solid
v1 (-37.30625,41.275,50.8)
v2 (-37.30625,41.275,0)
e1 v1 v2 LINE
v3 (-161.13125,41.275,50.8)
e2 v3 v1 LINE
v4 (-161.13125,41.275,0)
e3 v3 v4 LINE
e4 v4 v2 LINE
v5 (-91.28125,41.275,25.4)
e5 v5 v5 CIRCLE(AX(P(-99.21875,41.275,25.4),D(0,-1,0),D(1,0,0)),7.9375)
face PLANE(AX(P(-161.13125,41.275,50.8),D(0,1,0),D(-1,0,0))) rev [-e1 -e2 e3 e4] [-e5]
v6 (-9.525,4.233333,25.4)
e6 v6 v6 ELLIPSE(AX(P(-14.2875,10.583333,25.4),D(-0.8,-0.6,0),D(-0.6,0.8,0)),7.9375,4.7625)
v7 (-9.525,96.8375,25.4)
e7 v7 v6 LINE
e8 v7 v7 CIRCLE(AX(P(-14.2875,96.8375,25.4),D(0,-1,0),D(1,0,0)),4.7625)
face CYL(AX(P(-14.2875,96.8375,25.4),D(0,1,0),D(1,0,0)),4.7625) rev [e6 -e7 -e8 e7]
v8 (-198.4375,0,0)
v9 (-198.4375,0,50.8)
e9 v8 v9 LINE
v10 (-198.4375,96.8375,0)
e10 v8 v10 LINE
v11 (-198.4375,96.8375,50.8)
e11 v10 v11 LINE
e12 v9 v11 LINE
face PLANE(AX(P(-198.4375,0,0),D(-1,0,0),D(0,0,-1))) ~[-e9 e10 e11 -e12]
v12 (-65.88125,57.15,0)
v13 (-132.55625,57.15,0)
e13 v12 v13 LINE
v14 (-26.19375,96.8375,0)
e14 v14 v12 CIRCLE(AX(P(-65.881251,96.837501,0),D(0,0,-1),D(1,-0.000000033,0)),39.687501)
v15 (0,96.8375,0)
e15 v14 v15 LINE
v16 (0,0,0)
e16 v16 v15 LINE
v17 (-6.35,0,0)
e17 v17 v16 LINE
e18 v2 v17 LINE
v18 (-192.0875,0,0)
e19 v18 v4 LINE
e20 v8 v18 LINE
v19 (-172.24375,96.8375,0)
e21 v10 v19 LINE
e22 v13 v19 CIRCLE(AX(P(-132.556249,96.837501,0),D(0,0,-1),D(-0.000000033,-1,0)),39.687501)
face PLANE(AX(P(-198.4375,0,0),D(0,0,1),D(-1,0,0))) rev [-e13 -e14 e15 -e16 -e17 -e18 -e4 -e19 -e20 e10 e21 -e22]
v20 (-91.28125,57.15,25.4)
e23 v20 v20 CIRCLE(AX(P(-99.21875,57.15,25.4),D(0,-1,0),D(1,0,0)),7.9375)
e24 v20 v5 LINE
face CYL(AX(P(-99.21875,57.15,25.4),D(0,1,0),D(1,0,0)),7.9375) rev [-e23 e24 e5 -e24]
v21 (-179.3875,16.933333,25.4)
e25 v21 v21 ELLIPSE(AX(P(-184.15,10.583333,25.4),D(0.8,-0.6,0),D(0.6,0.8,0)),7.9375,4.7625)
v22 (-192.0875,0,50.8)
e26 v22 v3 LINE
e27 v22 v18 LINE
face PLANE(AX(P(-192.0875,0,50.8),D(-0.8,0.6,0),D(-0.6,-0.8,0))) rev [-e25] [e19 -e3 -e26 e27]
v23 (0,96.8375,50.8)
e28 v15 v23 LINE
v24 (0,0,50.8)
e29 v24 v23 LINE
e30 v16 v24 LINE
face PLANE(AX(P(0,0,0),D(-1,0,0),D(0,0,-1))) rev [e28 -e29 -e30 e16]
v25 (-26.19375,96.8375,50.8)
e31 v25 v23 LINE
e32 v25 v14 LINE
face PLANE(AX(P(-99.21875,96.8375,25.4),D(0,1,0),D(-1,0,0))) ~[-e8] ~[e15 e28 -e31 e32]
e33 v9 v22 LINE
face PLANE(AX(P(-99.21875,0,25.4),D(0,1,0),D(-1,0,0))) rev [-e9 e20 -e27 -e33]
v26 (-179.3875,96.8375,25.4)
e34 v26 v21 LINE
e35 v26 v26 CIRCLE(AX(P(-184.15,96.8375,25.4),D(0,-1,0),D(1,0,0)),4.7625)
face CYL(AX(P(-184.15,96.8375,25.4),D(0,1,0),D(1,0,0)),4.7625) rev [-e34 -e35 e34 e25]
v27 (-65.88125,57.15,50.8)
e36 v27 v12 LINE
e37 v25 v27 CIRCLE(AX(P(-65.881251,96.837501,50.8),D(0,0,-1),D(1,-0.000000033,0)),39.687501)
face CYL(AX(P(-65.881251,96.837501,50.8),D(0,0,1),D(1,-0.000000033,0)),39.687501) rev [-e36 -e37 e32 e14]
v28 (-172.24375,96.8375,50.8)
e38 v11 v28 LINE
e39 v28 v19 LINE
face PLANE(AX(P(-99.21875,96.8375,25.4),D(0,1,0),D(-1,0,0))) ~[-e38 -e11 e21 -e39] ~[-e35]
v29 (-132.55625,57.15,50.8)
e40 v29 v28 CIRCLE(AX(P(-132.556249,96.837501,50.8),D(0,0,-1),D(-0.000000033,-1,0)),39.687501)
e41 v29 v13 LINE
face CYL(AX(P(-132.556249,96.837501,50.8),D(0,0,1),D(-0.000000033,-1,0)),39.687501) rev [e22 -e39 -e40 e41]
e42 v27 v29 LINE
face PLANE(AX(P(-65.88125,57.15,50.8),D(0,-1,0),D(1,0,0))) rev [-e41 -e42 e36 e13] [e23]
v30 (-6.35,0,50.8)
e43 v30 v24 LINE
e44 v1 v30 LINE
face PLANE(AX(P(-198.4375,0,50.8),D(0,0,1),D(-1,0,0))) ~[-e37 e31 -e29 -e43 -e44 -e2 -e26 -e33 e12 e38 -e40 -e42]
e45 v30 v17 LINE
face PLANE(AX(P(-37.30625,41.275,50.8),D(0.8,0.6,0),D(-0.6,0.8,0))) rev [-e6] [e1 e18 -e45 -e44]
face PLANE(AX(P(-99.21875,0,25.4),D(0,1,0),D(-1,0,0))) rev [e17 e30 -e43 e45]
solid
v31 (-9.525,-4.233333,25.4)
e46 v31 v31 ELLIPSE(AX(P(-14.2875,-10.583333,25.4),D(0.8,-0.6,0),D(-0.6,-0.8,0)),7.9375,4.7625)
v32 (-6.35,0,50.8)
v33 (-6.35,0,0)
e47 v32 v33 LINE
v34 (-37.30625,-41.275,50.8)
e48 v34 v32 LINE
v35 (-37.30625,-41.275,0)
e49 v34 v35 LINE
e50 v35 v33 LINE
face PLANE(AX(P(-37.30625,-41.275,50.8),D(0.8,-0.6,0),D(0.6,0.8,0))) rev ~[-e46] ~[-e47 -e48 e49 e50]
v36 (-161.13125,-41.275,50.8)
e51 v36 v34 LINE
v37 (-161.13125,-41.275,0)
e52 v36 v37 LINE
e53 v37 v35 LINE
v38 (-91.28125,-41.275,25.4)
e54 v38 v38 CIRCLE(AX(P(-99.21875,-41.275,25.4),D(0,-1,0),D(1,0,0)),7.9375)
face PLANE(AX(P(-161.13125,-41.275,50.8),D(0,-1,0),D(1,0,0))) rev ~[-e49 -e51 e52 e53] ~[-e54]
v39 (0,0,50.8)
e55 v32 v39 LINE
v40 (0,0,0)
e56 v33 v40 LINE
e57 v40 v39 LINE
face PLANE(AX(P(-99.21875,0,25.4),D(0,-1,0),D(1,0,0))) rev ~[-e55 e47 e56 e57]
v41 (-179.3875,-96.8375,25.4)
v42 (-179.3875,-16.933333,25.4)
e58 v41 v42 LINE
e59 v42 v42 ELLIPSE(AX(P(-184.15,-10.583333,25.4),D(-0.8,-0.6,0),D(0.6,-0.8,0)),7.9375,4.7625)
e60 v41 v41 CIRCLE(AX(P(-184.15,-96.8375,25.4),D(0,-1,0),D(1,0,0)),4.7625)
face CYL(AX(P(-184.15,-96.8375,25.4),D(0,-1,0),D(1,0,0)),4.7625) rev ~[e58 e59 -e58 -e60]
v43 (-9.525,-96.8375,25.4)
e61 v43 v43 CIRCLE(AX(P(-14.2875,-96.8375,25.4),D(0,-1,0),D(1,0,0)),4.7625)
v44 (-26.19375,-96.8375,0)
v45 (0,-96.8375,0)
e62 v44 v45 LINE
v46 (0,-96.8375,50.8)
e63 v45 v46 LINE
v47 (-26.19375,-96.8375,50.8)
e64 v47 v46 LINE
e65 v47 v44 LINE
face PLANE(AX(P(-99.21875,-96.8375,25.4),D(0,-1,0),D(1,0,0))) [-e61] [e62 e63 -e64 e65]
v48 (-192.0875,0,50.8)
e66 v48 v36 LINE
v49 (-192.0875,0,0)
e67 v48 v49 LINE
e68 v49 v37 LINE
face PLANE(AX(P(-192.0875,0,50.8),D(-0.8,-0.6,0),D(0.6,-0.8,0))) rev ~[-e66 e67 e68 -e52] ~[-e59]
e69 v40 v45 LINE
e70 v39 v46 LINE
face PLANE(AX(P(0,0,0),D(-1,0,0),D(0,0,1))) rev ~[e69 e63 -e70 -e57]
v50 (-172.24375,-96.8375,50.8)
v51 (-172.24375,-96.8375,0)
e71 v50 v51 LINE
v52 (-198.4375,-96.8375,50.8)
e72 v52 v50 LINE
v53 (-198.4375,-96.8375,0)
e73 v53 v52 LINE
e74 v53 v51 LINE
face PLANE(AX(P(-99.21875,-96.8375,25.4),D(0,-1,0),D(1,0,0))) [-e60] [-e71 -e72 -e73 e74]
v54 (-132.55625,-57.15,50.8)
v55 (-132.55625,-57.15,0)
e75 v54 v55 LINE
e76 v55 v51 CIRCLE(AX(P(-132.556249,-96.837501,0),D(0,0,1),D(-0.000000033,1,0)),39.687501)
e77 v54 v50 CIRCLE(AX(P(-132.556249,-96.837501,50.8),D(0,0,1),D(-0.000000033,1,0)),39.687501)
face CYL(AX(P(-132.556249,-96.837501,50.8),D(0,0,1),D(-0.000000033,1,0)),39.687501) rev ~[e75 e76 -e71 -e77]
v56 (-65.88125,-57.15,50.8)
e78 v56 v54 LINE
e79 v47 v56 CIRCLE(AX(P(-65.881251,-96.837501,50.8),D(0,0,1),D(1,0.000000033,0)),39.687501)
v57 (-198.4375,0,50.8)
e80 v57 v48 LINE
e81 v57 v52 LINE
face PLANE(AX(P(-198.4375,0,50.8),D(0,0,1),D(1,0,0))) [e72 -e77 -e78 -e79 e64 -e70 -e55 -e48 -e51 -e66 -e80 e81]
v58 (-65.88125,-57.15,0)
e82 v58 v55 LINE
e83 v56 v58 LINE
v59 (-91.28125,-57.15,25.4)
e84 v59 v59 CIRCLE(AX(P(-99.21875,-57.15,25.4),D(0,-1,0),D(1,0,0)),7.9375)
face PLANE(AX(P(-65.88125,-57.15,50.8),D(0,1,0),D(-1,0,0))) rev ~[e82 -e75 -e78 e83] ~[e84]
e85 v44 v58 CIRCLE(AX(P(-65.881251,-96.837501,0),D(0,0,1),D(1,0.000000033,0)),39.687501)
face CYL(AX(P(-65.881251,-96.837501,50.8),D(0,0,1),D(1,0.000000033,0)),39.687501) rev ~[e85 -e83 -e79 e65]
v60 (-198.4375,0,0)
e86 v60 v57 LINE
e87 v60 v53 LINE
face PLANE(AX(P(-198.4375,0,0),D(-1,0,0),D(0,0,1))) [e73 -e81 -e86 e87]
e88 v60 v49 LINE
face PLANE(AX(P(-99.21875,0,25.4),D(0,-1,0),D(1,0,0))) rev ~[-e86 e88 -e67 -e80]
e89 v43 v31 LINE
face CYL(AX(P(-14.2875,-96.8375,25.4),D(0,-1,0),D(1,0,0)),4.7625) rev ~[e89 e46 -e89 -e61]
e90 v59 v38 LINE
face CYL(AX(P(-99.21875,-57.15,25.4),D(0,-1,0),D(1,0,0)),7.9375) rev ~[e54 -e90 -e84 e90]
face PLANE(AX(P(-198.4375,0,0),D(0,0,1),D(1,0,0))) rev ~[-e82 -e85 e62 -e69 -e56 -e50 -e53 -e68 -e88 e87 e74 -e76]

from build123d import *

# Parameters (mm, degrees)
F0_W      = 198.4375
F0_H      = 50.8
F1_DEPTH  = 96.8375
F3_DEPTH  = 50.801
F4_DEPTH  = 50.801
F5_R      = 7.9375
F6_DEPTH  = 57.151
F8_DEPTH  = 96.8385
F9_R      = 4.7625
F10_DEPTH = 96.8385


with BuildPart() as f1:
    # F0 (on Front) → F1 (new body)
    with BuildSketch(Plane.XZ):
        with Locations((-99.21875, 25.4)):
            Rectangle(F0_W, F0_H)
    extrude(amount=F1_DEPTH)

    # F2 (on face) → F3 (cut, through all)
    with BuildSketch(Plane.XY.offset(50.8)):
        with BuildLine():
            Line((-132.55625, -96.8375), (-99.21875, -96.8375))
            Line((-99.21875, -96.8375), (-65.88125, -96.8375))
            Line((-65.88125, -96.8375), (-26.19375, -96.8375))
            ThreePointArc((-26.19375, -96.8375), (-37.81795, -68.7742), (-65.88125, -57.15))
            Line((-65.88125, -57.15), (-132.55625, -57.15))
            ThreePointArc((-132.55625, -57.15), (-160.61955, -68.7742), (-172.24375, -96.8375))
            Line((-172.24375, -96.8375), (-132.55625, -96.8375))
        make_face()
    extrude(amount=-F3_DEPTH, mode=Mode.SUBTRACT)

    # F2 (on face) → F4 (cut, through all)
    with BuildSketch(Plane.XY.offset(50.8)):
        Polygon((-6.35, 0), (-192.0875, 0), (-161.13125, -41.275), (-99.21875, -41.275), (-37.30625, -41.275), align=None)
        with BuildLine():
            Line((-132.55625, -96.8375), (-99.21875, -96.8375))
            Line((-99.21875, -96.8375), (-65.88125, -96.8375))
            Line((-65.88125, -96.8375), (-26.19375, -96.8375))
            ThreePointArc((-26.19375, -96.8375), (-37.81795, -68.7742), (-65.88125, -57.15))
            Line((-65.88125, -57.15), (-132.55625, -57.15))
            ThreePointArc((-132.55625, -57.15), (-160.61955, -68.7742), (-172.24375, -96.8375))
            Line((-172.24375, -96.8375), (-132.55625, -96.8375))
        make_face()
    extrude(amount=-F4_DEPTH, mode=Mode.SUBTRACT)

    # F5 (on face) → F6 (cut, through all)
    with BuildSketch(Plane.XZ.offset(57.15)):
        with Locations((-99.21875, 25.4)):
            Circle(F5_R)
    extrude(amount=-F6_DEPTH, mode=Mode.SUBTRACT)

    # F7 (on face) → F8 (cut, through all)
    with BuildSketch(Plane.XZ.offset(96.8375)):
        with BuildLine():
            ThreePointArc((-188.9125, 25.4), (-184.15, 20.6375), (-179.3875, 25.4))
            ThreePointArc((-179.3875, 25.4), (-184.15, 30.1625), (-188.9125, 25.4))
        make_face()
    extrude(amount=-F8_DEPTH, mode=Mode.SUBTRACT)

    # F9 (on face) → F10 (cut, through all)
    with BuildSketch(Plane.XZ.offset(96.8375)):
        with Locations((-14.2875, 25.4)):
            Circle(F9_R)
    extrude(amount=-F10_DEPTH, mode=Mode.SUBTRACT)


with BuildPart() as f11_1:
    # F11: instance of F1
    add(f1.part.mirror(Plane.XZ))


solid = Compound([f1.part, f11_1.part])
